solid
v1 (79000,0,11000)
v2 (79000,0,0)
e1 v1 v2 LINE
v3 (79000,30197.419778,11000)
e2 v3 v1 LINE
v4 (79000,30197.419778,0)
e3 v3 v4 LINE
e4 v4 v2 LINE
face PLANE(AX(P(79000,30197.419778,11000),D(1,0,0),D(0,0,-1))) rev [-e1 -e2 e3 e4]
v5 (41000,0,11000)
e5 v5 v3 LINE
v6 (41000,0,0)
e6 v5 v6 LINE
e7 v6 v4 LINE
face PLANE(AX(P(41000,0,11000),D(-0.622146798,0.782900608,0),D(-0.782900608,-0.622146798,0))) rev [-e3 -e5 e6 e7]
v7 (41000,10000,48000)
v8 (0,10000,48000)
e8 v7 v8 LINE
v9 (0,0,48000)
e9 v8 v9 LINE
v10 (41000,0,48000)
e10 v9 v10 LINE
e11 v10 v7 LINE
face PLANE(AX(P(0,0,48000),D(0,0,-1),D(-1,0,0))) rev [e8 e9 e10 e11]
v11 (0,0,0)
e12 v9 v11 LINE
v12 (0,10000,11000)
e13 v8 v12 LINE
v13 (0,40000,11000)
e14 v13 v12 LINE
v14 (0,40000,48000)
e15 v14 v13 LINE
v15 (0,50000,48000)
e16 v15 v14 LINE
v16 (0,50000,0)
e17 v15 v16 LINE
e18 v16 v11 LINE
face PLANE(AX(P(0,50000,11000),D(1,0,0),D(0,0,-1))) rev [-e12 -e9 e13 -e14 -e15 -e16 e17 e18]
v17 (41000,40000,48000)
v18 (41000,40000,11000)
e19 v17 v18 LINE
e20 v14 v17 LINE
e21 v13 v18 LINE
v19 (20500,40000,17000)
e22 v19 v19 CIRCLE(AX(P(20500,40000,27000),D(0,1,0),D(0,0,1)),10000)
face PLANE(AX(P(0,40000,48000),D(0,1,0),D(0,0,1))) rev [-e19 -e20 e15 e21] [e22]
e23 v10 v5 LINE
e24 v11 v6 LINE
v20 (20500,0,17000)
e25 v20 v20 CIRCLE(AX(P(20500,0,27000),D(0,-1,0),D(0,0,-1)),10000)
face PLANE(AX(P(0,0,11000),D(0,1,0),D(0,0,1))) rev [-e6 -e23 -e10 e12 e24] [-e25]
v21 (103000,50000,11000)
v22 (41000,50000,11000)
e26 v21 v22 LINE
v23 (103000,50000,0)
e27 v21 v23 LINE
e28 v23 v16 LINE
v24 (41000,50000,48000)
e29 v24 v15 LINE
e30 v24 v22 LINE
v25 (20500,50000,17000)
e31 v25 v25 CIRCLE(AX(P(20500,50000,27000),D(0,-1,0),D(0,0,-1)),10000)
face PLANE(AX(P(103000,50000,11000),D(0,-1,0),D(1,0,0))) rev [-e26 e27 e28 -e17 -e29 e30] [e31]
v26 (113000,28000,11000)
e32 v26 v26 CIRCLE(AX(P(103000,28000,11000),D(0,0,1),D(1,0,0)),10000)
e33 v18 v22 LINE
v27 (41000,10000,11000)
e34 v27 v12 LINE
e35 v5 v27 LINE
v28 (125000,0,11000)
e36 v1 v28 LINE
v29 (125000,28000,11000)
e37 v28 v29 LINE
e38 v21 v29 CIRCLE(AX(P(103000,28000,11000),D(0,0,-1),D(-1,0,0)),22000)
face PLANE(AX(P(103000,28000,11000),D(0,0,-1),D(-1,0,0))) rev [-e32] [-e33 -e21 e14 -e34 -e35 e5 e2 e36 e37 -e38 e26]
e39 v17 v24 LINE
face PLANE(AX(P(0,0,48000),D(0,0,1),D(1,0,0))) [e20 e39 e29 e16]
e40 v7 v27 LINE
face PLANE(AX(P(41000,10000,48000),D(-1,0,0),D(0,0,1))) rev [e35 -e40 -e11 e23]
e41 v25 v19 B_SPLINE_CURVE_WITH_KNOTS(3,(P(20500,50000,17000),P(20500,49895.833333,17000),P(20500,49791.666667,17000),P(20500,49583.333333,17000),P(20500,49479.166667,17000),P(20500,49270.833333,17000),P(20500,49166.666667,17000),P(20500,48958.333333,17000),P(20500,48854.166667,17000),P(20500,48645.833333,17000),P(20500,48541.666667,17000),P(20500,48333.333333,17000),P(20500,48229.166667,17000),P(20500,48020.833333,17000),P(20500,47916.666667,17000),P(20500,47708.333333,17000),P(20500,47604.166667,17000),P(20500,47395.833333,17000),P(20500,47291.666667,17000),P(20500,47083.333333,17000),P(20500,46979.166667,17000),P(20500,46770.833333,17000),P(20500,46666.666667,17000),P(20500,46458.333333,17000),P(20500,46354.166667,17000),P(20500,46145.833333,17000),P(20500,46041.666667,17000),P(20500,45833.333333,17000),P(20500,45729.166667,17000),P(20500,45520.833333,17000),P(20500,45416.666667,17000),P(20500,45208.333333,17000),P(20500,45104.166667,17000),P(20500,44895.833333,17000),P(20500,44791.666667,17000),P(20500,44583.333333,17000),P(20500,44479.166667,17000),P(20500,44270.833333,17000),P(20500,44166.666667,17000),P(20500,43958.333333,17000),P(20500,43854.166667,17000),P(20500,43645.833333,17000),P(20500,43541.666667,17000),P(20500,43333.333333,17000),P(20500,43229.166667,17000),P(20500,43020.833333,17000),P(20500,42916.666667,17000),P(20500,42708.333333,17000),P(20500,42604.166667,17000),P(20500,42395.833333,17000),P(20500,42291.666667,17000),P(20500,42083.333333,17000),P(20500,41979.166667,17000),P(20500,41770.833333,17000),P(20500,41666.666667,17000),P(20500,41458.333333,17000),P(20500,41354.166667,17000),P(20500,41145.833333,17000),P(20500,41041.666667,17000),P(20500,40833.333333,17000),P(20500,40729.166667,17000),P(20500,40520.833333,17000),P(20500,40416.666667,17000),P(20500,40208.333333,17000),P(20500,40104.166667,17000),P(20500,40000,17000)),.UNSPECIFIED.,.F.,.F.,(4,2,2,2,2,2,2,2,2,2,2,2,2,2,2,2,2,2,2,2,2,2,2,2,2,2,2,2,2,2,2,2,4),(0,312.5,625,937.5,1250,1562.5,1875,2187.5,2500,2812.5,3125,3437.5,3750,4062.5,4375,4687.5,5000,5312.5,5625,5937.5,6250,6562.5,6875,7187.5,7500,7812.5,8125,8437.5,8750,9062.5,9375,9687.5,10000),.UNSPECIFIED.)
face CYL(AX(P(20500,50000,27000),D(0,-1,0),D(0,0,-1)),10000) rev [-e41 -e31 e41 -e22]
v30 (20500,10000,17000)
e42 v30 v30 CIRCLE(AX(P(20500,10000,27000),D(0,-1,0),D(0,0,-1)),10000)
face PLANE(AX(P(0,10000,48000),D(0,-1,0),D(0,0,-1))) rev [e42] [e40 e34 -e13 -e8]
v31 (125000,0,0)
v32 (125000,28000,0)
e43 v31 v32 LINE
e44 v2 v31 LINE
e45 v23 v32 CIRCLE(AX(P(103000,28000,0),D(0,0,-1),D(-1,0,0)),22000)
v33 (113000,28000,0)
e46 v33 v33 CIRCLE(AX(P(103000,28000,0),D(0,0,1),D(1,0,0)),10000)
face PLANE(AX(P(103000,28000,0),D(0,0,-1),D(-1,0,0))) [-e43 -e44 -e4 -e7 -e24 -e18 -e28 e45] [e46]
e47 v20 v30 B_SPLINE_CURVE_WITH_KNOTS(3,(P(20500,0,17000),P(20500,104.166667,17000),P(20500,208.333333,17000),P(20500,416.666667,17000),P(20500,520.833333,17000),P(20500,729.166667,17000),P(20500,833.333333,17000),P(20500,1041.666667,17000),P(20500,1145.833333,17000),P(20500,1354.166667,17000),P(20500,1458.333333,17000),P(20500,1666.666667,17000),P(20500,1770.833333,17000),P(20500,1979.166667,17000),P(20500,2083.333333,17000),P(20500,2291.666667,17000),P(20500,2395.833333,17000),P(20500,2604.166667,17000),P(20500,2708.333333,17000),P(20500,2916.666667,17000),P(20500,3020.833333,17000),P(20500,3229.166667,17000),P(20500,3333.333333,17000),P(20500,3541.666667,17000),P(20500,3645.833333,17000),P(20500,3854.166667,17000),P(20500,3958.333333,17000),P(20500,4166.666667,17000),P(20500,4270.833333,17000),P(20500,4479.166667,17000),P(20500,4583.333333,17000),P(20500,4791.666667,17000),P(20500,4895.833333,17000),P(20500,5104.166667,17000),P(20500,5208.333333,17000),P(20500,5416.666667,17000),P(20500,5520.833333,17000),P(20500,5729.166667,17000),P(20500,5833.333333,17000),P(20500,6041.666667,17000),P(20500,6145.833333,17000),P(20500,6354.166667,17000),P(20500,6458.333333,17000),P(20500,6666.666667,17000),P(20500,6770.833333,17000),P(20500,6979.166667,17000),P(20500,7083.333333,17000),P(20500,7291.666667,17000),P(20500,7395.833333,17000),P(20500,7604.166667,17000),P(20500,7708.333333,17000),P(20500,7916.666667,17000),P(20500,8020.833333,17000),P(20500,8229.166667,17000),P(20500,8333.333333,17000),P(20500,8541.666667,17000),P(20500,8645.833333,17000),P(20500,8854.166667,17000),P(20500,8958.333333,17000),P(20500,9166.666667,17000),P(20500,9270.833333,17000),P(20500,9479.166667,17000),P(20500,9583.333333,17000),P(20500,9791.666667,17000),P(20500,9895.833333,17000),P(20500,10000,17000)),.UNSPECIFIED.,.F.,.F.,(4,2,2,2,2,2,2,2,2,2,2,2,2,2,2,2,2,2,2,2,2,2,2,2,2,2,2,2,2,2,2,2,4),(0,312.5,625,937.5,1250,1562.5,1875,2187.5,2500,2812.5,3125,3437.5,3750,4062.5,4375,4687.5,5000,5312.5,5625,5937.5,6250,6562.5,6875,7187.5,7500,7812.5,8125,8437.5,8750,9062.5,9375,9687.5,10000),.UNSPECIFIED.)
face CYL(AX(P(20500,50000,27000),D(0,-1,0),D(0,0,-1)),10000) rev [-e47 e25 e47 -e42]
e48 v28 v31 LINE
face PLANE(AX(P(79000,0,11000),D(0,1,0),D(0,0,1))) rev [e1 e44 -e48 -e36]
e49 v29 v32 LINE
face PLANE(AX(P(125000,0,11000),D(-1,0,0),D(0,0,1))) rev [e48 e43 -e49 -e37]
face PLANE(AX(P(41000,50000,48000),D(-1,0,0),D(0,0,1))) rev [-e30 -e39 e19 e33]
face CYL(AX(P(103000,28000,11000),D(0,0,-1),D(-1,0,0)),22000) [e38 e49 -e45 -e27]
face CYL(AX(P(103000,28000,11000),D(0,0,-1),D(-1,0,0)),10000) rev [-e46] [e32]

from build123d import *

# Parameters (mm, degrees)
BOSS_EXTRUDE1_DEPTH = 11000
SKETCH1_5_R         = 10000
CUT_EXTRUDE1_DEPTH  = 135078.755385556
SKETCH2_W           = 41000
SKETCH2_H           = 10000
BOSS_EXTRUDE5_DEPTH = 37000
SKETCH3_R           = 10000
CUT_EXTRUDE2_DEPTH  = 142931.052823051


with BuildPart() as part:
    # Sketch1 → Boss-Extrude1 (new body)
    with BuildSketch(Plane.XY):
        with BuildLine():
            Line((0, 0), (41000, 0))
            Line((41000, 0), (79000, 30197.419778423))
            Line((79000, 30197.419778423), (79000, 0))
            Line((79000, 0), (125000, 0))
            Line((125000, 0), (125000, 28000))
            ThreePointArc((125000, 28000), (118556.349186104, 43556.349186104), (103000, 50000))
            Line((103000, 50000), (0, 50000))
            Line((0, 50000), (0, 0))
        make_face()
    extrude(amount=BOSS_EXTRUDE1_DEPTH)

    # Sketch1<5> → Cut-Extrude1 (cut, through all)
    with BuildSketch(Plane.XY):
        with Locations((103000, 28000)):
            Circle(SKETCH1_5_R)
    extrude(amount=CUT_EXTRUDE1_DEPTH, mode=Mode.SUBTRACT)

    # Sketch2 → Boss-Extrude5 (add)
    with BuildSketch(Plane.XY.offset(11000)):
        with Locations((20500, 5000)):
            Rectangle(SKETCH2_W, SKETCH2_H)
        with Locations((20500, 45000)):
            Rectangle(SKETCH2_W, SKETCH2_H)
    extrude(amount=BOSS_EXTRUDE5_DEPTH)

    # Sketch3 → Cut-Extrude2 (cut, through all)
    with BuildSketch(Plane.XZ):
        with Locations((20500, 27000)):
            Circle(SKETCH3_R)
    extrude(amount=-CUT_EXTRUDE2_DEPTH, mode=Mode.SUBTRACT)


solid = part.part
